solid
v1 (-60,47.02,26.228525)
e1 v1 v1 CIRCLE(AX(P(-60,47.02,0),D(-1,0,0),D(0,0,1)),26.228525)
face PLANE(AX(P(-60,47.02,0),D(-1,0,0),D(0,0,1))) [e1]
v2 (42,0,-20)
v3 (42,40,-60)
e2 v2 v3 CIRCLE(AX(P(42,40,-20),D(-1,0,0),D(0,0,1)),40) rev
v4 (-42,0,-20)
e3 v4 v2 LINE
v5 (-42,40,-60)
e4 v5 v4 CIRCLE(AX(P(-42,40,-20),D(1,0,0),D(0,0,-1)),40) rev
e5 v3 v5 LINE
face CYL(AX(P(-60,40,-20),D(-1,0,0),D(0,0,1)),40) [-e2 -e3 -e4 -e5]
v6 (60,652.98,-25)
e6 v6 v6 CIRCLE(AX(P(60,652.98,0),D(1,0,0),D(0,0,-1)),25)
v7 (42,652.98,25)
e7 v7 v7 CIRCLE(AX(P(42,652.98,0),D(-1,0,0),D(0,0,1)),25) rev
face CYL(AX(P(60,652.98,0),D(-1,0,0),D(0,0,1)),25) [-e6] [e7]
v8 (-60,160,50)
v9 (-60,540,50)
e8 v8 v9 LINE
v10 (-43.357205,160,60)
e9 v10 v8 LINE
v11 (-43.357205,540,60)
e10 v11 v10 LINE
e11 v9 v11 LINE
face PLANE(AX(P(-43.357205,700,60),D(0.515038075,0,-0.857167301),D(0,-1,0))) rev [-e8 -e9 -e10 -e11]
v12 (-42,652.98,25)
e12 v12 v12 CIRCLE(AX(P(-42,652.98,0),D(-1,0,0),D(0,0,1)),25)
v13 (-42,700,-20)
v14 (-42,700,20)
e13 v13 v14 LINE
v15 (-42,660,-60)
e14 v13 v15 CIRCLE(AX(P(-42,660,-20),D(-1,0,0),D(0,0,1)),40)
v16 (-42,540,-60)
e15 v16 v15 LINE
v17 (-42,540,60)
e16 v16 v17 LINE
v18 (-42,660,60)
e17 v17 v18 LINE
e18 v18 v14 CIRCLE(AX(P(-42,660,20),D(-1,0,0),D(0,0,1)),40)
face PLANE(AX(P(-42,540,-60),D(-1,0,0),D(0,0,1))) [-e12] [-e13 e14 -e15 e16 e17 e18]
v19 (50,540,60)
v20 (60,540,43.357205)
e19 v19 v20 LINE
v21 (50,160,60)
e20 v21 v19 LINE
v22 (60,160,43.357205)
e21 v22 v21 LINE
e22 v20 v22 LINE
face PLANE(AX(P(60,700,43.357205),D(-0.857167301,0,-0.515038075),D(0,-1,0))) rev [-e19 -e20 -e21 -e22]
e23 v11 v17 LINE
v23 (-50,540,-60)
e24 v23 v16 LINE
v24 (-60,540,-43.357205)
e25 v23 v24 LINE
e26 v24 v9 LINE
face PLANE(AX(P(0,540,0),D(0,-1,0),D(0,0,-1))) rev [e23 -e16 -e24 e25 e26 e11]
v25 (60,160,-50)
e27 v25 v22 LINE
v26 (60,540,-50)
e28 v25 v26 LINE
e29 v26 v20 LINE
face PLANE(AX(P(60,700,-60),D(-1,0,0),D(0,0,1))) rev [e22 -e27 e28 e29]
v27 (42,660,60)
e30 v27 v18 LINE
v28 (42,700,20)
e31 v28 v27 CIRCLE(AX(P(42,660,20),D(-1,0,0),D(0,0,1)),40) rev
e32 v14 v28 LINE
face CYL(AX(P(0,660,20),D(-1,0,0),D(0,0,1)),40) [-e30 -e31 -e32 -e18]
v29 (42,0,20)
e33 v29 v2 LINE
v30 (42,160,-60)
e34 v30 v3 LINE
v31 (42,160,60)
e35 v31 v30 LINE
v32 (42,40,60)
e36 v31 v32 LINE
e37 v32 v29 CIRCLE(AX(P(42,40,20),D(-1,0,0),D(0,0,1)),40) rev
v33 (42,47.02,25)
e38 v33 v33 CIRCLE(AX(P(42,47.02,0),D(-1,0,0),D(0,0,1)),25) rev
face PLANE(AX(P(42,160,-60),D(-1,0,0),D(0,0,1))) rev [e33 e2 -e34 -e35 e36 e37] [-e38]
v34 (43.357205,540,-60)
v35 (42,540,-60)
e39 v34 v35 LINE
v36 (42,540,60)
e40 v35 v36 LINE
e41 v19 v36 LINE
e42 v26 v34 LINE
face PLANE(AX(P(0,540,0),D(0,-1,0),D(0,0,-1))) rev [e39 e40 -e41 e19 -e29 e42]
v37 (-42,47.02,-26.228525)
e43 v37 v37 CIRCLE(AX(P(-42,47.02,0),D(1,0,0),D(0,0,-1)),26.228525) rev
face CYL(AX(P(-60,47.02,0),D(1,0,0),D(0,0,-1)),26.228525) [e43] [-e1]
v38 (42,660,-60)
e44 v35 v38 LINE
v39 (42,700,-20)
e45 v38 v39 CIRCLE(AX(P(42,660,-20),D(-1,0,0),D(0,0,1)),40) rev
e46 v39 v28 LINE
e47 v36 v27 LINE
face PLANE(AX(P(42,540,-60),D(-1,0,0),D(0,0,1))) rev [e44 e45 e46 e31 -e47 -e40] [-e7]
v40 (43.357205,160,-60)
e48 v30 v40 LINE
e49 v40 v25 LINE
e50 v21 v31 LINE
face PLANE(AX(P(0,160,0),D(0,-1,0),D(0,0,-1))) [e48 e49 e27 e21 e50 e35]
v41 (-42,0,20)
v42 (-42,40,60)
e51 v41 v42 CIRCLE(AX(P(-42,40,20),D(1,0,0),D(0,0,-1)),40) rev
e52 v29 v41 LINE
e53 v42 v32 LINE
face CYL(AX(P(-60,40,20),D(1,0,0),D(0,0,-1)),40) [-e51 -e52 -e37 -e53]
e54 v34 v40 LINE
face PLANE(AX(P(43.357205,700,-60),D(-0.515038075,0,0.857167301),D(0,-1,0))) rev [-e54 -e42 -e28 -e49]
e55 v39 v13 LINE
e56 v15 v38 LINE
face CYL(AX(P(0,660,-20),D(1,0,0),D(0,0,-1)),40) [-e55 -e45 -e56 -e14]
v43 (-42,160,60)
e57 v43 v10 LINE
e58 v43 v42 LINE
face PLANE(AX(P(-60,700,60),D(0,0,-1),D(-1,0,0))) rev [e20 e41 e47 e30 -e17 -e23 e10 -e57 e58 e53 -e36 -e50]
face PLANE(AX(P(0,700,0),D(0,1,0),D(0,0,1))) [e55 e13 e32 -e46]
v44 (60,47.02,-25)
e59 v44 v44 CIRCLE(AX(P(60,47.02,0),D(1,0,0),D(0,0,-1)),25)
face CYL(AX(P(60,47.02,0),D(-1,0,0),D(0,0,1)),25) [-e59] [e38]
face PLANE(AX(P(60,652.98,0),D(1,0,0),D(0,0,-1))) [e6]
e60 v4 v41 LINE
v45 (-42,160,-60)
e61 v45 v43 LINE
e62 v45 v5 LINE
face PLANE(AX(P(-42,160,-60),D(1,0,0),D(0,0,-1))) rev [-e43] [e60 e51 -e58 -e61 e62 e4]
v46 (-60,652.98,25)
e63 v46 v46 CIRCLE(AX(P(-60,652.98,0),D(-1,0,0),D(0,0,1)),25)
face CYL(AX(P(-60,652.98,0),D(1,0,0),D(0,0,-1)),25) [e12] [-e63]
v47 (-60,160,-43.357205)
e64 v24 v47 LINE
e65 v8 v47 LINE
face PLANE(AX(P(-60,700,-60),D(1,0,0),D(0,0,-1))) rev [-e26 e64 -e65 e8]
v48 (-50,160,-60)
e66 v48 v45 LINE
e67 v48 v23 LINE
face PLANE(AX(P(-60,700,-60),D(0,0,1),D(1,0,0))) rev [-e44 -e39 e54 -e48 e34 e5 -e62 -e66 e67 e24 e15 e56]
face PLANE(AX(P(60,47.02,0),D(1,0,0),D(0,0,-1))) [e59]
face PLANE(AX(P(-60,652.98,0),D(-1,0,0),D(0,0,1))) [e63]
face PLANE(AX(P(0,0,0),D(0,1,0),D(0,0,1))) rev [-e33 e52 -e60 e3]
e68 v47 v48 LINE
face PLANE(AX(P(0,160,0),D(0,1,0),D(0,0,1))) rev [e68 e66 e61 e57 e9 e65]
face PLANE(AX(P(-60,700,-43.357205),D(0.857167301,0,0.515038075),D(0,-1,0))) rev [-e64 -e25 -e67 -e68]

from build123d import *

# Parameters (mm, degrees)
SKETCH1_W             = 120
SKETCH1_H             = 120
BOSS_EXTRUDE1_DEPTH   = 700
SKETCH2_W             = 18
SKETCH2_H             = 120
CUT_EXTRUDE1_DEPTH    = 160
SKETCH3_R             = 26.228524845
BOSS_EXTRUDE2_DEPTH   = 18
SKETCH4_R             = 25
BOSS_EXTRUDE3_DEPTH   = 18
FILLET1_R             = 40
SKETCH5_W             = 18
SKETCH5_H             = 120
CUT_EXTRUDE2_DEPTH    = 160
SKETCH6_R             = 25
BOSS_EXTRUDE5_DEPTH   = 18
SKETCH7_R             = 25
BOSS_EXTRUDE6_DEPTH   = 18
FILLET2_R             = 40
CHAMFER1_SIZE         = 10
CHAMFER1_SIZE2        = 16.642794824
CHAMFER1_PART_2_SIZE  = 10
CHAMFER1_PART_2_SIZE2 = 16.642794824
CHAMFER1_PART_3_SIZE  = 10
CHAMFER1_PART_3_SIZE2 = 16.642794824
CHAMFER1_PART_4_SIZE  = 10
CHAMFER1_PART_4_SIZE2 = 16.642794824


with BuildPart() as part:
    # Sketch1 → Boss-Extrude1 (new body)
    with BuildSketch(Plane(origin=(0, 0, 0), x_dir=(1, 0, 0), z_dir=(0, 1, 0))):
        Rectangle(SKETCH1_W, SKETCH1_H)
    extrude(amount=BOSS_EXTRUDE1_DEPTH)

    # Sketch2 → Cut-Extrude1 (cut)
    with BuildSketch(Plane.XZ):
        with Locations((-51, 0)):
            Rectangle(SKETCH2_W, SKETCH2_H)
        with Locations((51, 0)):
            Rectangle(SKETCH2_W, SKETCH2_H)
    extrude(amount=-CUT_EXTRUDE1_DEPTH, mode=Mode.SUBTRACT)

    # Sketch3 → Boss-Extrude2 (add)
    with BuildSketch(Plane.ZY.offset(42)):
        with Locations((0, 47.02)):
            Circle(SKETCH3_R)
    extrude(amount=BOSS_EXTRUDE2_DEPTH)

    # Sketch4 → Boss-Extrude3 (add)
    with BuildSketch(Plane(origin=(42, 0, 0), x_dir=(0, 0, -1), z_dir=(1, 0, 0))):
        with Locations((0, 47.02)):
            Circle(SKETCH4_R)
    extrude(amount=BOSS_EXTRUDE3_DEPTH)

    # Fillet1
    fillet1_edges = [part.edges().sort_by_distance(p)[0] for p in [
        (0, 0, 60),
        (0, 0, -60),
    ]]
    fillet(fillet1_edges, radius=FILLET1_R)

    # Sketch5 → Cut-Extrude2 (cut)
    with BuildSketch(Plane(origin=(0, 700, 0), x_dir=(1, 0, 0), z_dir=(0, 1, 0))):
        with Locations((-51, 0)):
            Rectangle(SKETCH5_W, SKETCH5_H)
        with Locations((51, 0)):
            Rectangle(SKETCH5_W, SKETCH5_H)
    extrude(amount=-CUT_EXTRUDE2_DEPTH, mode=Mode.SUBTRACT)

    # Sketch6 → Boss-Extrude5 (add)
    with BuildSketch(Plane.ZY.offset(42)):
        with Locations((0, 652.98)):
            Circle(SKETCH6_R)
    extrude(amount=BOSS_EXTRUDE5_DEPTH)

    # Sketch7 → Boss-Extrude6 (add)
    with BuildSketch(Plane(origin=(42, 0, 0), x_dir=(0, 0, -1), z_dir=(1, 0, 0))):
        with Locations((0, 652.98)):
            Circle(SKETCH7_R)
    extrude(amount=BOSS_EXTRUDE6_DEPTH)

    # Fillet2
    fillet2_edges = [part.edges().sort_by_distance(p)[0] for p in [
        (0, 700, -60),
        (0, 700, 60),
    ]]
    fillet(fillet2_edges, radius=FILLET2_R)

    # Chamfer1
    chamfer1_edges = [part.edges().sort_by_distance(p)[0] for p in [
        (60, 350, 60),
    ]]
    chamfer1_side = [part.faces().sort_by_distance(p)[0] for p in [
        (0, 350, 60),
    ]]
    chamfer(chamfer1_edges, length=CHAMFER1_SIZE, length2=CHAMFER1_SIZE2, reference=chamfer1_side[0])

    # Chamfer1 part 2
    chamfer1_part_2_edges = [part.edges().sort_by_distance(p)[0] for p in [
        (-60, 350, 60),
    ]]
    chamfer1_part_2_side = [part.faces().sort_by_distance(p)[0] for p in [
        (-60, 350, 0),
    ]]
    chamfer(chamfer1_part_2_edges, length=CHAMFER1_PART_2_SIZE, length2=CHAMFER1_PART_2_SIZE2, reference=chamfer1_part_2_side[0])

    # Chamfer1 part 3
    chamfer1_part_3_edges = [part.edges().sort_by_distance(p)[0] for p in [
        (-60, 350, -60),
    ]]
    chamfer1_part_3_side = [part.faces().sort_by_distance(p)[0] for p in [
        (0, 350, -60),
    ]]
    chamfer(chamfer1_part_3_edges, length=CHAMFER1_PART_3_SIZE, length2=CHAMFER1_PART_3_SIZE2, reference=chamfer1_part_3_side[0])

    # Chamfer1 part 4
    chamfer1_part_4_edges = [part.edges().sort_by_distance(p)[0] for p in [
        (60, 350, -60),
    ]]
    chamfer1_part_4_side = [part.faces().sort_by_distance(p)[0] for p in [
        (60, 350, 0),
    ]]
    chamfer(chamfer1_part_4_edges, length=CHAMFER1_PART_4_SIZE, length2=CHAMFER1_PART_4_SIZE2, reference=chamfer1_part_4_side[0])


solid = part.part
